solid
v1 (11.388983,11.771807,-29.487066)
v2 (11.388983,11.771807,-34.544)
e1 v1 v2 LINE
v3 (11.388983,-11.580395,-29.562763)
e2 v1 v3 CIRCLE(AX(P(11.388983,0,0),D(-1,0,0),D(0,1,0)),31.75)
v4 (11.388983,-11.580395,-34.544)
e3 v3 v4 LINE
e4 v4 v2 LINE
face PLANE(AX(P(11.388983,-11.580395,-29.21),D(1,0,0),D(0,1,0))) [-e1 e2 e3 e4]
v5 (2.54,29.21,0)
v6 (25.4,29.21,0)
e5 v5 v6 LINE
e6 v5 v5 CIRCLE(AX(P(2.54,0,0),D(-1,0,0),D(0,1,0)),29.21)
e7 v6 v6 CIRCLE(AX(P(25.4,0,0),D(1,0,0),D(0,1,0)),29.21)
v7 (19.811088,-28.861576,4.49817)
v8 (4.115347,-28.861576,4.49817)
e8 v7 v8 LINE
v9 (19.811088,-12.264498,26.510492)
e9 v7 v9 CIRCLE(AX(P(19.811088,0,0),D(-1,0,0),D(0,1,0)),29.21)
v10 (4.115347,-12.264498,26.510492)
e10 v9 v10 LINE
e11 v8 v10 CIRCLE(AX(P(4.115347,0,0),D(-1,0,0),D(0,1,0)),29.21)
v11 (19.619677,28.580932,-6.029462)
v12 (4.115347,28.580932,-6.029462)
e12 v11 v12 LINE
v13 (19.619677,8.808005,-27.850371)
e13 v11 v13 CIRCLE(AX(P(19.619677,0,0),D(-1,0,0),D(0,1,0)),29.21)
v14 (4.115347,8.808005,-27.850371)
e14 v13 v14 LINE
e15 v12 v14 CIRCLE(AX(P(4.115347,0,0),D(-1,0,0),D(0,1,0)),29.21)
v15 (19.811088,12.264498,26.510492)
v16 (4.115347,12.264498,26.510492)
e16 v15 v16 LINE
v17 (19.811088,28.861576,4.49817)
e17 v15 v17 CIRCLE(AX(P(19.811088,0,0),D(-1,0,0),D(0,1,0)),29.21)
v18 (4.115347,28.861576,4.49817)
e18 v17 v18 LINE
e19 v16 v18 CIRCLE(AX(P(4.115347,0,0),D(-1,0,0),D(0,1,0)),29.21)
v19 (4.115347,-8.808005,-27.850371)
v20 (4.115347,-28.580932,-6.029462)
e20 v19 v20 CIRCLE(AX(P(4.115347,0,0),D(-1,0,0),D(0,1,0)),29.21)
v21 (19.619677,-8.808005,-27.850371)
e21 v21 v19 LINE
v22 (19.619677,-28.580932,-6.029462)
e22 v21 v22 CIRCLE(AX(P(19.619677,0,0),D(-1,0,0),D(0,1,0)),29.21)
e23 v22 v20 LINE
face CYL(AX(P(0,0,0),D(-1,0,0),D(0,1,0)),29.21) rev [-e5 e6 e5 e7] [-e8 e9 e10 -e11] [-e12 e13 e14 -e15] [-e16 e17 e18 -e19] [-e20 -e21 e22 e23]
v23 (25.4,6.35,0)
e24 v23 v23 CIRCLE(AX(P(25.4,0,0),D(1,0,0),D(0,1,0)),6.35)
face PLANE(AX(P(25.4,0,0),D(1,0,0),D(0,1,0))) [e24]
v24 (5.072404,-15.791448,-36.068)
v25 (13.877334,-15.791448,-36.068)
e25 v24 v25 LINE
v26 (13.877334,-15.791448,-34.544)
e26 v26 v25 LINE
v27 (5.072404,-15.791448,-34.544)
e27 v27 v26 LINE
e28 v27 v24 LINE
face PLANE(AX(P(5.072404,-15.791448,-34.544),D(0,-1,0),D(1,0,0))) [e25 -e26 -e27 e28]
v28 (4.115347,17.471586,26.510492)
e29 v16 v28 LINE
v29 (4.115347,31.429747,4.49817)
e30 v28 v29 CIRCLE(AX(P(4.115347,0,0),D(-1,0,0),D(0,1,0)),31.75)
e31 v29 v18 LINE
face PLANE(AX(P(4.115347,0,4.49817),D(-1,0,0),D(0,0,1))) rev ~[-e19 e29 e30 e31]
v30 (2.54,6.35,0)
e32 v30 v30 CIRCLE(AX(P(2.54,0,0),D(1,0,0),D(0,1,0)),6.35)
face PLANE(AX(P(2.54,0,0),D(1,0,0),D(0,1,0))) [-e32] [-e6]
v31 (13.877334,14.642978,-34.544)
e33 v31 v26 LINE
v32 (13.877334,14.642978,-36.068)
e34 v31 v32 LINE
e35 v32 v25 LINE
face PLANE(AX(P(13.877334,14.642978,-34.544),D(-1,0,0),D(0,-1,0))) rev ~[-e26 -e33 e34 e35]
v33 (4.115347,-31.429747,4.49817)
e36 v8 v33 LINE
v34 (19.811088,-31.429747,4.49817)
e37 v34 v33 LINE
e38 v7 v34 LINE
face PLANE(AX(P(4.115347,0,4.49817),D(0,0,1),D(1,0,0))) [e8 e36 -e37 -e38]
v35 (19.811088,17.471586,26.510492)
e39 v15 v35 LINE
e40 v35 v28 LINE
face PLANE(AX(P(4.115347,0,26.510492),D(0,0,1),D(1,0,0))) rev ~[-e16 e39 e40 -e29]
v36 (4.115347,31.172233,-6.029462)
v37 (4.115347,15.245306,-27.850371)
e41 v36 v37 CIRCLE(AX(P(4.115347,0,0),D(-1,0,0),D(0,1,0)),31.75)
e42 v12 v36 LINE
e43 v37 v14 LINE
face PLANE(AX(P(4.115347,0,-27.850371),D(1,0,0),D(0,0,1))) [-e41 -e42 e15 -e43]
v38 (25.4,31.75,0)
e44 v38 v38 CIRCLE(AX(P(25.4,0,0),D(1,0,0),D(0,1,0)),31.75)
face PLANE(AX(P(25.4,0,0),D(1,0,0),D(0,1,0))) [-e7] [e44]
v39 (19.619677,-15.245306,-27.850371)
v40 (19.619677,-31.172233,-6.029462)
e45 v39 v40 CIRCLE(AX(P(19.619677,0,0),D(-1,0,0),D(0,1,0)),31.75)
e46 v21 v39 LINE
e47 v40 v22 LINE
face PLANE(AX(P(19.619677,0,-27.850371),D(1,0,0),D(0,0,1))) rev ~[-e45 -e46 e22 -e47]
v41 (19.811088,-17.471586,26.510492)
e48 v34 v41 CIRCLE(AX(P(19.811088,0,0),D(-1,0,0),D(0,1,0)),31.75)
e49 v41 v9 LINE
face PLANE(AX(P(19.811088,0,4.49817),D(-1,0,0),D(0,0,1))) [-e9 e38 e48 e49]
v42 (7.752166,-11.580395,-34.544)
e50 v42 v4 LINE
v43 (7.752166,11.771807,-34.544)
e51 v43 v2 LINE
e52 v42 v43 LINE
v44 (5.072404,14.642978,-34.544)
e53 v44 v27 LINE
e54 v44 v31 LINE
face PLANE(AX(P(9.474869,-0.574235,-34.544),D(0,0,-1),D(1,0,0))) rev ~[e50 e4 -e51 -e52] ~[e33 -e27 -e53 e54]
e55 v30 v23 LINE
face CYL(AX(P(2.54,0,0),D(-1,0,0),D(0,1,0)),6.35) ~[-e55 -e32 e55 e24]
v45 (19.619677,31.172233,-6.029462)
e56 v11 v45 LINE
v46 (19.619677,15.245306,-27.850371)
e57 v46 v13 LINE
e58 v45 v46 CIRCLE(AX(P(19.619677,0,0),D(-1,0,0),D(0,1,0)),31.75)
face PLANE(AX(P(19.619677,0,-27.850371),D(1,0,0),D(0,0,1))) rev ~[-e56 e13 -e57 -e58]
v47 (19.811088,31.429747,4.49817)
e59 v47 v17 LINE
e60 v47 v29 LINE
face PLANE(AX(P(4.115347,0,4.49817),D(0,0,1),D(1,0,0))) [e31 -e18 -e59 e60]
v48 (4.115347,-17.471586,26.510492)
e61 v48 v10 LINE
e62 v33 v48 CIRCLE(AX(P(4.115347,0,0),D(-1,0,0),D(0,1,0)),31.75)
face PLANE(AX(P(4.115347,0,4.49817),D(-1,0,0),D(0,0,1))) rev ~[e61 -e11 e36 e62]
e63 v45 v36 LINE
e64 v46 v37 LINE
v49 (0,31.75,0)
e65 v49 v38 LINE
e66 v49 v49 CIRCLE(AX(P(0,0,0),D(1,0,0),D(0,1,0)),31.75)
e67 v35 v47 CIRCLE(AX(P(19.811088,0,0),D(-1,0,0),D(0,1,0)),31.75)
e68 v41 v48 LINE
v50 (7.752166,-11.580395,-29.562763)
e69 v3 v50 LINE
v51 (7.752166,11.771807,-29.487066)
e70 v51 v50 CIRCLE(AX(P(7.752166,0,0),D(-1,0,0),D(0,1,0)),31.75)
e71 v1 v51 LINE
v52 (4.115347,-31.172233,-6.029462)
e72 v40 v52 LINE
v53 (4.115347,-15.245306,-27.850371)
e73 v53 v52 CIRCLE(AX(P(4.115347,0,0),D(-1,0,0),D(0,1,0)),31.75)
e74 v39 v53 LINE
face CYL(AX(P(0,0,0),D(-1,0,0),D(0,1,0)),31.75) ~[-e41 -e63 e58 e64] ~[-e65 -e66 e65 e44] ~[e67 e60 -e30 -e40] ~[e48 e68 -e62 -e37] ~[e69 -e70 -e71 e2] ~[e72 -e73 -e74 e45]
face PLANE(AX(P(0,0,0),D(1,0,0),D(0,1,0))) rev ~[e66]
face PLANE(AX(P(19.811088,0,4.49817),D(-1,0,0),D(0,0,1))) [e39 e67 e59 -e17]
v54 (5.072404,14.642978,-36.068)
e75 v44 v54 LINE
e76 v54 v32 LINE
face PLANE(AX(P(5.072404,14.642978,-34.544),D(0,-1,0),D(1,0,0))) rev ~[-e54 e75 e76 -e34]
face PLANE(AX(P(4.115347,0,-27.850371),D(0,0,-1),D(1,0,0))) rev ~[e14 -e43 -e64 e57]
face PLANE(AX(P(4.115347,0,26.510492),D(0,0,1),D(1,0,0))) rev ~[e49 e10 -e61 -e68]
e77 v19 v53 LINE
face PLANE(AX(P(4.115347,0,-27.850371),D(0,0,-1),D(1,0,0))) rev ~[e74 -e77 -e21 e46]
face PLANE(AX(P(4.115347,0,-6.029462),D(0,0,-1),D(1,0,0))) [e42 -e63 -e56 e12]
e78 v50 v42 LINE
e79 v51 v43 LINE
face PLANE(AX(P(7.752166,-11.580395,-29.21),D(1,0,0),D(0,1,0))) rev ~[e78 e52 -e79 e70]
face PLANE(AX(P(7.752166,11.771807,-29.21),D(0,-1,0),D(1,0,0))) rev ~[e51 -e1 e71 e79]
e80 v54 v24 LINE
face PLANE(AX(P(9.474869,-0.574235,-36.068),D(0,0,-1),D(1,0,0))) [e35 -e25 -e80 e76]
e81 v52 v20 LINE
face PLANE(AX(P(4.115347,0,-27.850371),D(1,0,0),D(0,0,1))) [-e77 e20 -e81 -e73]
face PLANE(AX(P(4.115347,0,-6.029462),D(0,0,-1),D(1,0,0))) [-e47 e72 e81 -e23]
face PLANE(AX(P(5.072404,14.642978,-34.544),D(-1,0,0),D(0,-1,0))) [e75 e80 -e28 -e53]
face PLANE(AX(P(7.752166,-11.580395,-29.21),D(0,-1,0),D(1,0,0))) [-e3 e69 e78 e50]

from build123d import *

# Parameters (mm, degrees)
F0_R      = 31.75
F1_DEPTH  = 25.4
F2_T      = -2.54
F3_W      = 15.6957409345
F3_H      = 22.0123222098
F3_W_2    = 15.504329931
F3_H_2    = 21.820908878
F4_DEPTH  = 58.166
F6_W      = 3.6368169822
F6_H      = 23.3522010967
F7_DEPTH  = 5.334
F8_W      = 8.804930374
F8_H      = 30.4344259202
F8_W_2    = 3.6368169822
F8_H_2    = 23.3522010967
F9_DEPTH  = 1.524
F10_R     = 6.35
F11_DEPTH = 22.86


with BuildPart() as f1:
    # F0 (on Right) → F1 (new body)
    with BuildSketch(Plane.YZ):
        Circle(F0_R)
    extrude(amount=F1_DEPTH)

    # F2
    f2_openings = [f1.faces().sort_by_distance(p)[0] for p in [
        (25.4, 0, 0),
    ]]
    offset(amount=F2_T, openings=f2_openings)

    # F3 (on Front) → F4 (cut, symmetric)
    with BuildSketch(Plane.XZ):
        with Locations((11.9632177521, 15.5043308623)):
            Rectangle(F3_W, F3_H)
        with Locations((11.8675122503, -16.9399164151)):
            Rectangle(F3_W_2, F3_H_2)
    extrude(amount=F4_DEPTH, both=True, mode=Mode.SUBTRACT)

    # F6 (on offset) → F7 (join)
    with BuildSketch(Plane.XY.offset(-29.21)):
        with Locations((9.5705741551, 0.0957059674)):
            Rectangle(F6_W, F6_H)
    extrude(amount=-F7_DEPTH)

    # F8 (on face) → F9 (join)
    with BuildSketch(Plane(origin=(0, 0, -34.544), x_dir=(1, 0, 0), z_dir=(0, 0, -1))):
        with Locations((9.4748688862, 0.5742348731)):
            Rectangle(F8_W, F8_H)
        with Locations((9.5705741551, -0.0957059674)):
            Rectangle(F8_W_2, F8_H_2, mode=Mode.SUBTRACT)
        with Locations((9.5705741551, -0.0957059674)):
            Rectangle(F8_W_2, F8_H_2)
    extrude(amount=F9_DEPTH)

    # F10 (on face) → F11 (join)
    with BuildSketch(Plane.YZ.offset(2.54)):
        Circle(F10_R)
    extrude(amount=F11_DEPTH)


solid = f1.part
